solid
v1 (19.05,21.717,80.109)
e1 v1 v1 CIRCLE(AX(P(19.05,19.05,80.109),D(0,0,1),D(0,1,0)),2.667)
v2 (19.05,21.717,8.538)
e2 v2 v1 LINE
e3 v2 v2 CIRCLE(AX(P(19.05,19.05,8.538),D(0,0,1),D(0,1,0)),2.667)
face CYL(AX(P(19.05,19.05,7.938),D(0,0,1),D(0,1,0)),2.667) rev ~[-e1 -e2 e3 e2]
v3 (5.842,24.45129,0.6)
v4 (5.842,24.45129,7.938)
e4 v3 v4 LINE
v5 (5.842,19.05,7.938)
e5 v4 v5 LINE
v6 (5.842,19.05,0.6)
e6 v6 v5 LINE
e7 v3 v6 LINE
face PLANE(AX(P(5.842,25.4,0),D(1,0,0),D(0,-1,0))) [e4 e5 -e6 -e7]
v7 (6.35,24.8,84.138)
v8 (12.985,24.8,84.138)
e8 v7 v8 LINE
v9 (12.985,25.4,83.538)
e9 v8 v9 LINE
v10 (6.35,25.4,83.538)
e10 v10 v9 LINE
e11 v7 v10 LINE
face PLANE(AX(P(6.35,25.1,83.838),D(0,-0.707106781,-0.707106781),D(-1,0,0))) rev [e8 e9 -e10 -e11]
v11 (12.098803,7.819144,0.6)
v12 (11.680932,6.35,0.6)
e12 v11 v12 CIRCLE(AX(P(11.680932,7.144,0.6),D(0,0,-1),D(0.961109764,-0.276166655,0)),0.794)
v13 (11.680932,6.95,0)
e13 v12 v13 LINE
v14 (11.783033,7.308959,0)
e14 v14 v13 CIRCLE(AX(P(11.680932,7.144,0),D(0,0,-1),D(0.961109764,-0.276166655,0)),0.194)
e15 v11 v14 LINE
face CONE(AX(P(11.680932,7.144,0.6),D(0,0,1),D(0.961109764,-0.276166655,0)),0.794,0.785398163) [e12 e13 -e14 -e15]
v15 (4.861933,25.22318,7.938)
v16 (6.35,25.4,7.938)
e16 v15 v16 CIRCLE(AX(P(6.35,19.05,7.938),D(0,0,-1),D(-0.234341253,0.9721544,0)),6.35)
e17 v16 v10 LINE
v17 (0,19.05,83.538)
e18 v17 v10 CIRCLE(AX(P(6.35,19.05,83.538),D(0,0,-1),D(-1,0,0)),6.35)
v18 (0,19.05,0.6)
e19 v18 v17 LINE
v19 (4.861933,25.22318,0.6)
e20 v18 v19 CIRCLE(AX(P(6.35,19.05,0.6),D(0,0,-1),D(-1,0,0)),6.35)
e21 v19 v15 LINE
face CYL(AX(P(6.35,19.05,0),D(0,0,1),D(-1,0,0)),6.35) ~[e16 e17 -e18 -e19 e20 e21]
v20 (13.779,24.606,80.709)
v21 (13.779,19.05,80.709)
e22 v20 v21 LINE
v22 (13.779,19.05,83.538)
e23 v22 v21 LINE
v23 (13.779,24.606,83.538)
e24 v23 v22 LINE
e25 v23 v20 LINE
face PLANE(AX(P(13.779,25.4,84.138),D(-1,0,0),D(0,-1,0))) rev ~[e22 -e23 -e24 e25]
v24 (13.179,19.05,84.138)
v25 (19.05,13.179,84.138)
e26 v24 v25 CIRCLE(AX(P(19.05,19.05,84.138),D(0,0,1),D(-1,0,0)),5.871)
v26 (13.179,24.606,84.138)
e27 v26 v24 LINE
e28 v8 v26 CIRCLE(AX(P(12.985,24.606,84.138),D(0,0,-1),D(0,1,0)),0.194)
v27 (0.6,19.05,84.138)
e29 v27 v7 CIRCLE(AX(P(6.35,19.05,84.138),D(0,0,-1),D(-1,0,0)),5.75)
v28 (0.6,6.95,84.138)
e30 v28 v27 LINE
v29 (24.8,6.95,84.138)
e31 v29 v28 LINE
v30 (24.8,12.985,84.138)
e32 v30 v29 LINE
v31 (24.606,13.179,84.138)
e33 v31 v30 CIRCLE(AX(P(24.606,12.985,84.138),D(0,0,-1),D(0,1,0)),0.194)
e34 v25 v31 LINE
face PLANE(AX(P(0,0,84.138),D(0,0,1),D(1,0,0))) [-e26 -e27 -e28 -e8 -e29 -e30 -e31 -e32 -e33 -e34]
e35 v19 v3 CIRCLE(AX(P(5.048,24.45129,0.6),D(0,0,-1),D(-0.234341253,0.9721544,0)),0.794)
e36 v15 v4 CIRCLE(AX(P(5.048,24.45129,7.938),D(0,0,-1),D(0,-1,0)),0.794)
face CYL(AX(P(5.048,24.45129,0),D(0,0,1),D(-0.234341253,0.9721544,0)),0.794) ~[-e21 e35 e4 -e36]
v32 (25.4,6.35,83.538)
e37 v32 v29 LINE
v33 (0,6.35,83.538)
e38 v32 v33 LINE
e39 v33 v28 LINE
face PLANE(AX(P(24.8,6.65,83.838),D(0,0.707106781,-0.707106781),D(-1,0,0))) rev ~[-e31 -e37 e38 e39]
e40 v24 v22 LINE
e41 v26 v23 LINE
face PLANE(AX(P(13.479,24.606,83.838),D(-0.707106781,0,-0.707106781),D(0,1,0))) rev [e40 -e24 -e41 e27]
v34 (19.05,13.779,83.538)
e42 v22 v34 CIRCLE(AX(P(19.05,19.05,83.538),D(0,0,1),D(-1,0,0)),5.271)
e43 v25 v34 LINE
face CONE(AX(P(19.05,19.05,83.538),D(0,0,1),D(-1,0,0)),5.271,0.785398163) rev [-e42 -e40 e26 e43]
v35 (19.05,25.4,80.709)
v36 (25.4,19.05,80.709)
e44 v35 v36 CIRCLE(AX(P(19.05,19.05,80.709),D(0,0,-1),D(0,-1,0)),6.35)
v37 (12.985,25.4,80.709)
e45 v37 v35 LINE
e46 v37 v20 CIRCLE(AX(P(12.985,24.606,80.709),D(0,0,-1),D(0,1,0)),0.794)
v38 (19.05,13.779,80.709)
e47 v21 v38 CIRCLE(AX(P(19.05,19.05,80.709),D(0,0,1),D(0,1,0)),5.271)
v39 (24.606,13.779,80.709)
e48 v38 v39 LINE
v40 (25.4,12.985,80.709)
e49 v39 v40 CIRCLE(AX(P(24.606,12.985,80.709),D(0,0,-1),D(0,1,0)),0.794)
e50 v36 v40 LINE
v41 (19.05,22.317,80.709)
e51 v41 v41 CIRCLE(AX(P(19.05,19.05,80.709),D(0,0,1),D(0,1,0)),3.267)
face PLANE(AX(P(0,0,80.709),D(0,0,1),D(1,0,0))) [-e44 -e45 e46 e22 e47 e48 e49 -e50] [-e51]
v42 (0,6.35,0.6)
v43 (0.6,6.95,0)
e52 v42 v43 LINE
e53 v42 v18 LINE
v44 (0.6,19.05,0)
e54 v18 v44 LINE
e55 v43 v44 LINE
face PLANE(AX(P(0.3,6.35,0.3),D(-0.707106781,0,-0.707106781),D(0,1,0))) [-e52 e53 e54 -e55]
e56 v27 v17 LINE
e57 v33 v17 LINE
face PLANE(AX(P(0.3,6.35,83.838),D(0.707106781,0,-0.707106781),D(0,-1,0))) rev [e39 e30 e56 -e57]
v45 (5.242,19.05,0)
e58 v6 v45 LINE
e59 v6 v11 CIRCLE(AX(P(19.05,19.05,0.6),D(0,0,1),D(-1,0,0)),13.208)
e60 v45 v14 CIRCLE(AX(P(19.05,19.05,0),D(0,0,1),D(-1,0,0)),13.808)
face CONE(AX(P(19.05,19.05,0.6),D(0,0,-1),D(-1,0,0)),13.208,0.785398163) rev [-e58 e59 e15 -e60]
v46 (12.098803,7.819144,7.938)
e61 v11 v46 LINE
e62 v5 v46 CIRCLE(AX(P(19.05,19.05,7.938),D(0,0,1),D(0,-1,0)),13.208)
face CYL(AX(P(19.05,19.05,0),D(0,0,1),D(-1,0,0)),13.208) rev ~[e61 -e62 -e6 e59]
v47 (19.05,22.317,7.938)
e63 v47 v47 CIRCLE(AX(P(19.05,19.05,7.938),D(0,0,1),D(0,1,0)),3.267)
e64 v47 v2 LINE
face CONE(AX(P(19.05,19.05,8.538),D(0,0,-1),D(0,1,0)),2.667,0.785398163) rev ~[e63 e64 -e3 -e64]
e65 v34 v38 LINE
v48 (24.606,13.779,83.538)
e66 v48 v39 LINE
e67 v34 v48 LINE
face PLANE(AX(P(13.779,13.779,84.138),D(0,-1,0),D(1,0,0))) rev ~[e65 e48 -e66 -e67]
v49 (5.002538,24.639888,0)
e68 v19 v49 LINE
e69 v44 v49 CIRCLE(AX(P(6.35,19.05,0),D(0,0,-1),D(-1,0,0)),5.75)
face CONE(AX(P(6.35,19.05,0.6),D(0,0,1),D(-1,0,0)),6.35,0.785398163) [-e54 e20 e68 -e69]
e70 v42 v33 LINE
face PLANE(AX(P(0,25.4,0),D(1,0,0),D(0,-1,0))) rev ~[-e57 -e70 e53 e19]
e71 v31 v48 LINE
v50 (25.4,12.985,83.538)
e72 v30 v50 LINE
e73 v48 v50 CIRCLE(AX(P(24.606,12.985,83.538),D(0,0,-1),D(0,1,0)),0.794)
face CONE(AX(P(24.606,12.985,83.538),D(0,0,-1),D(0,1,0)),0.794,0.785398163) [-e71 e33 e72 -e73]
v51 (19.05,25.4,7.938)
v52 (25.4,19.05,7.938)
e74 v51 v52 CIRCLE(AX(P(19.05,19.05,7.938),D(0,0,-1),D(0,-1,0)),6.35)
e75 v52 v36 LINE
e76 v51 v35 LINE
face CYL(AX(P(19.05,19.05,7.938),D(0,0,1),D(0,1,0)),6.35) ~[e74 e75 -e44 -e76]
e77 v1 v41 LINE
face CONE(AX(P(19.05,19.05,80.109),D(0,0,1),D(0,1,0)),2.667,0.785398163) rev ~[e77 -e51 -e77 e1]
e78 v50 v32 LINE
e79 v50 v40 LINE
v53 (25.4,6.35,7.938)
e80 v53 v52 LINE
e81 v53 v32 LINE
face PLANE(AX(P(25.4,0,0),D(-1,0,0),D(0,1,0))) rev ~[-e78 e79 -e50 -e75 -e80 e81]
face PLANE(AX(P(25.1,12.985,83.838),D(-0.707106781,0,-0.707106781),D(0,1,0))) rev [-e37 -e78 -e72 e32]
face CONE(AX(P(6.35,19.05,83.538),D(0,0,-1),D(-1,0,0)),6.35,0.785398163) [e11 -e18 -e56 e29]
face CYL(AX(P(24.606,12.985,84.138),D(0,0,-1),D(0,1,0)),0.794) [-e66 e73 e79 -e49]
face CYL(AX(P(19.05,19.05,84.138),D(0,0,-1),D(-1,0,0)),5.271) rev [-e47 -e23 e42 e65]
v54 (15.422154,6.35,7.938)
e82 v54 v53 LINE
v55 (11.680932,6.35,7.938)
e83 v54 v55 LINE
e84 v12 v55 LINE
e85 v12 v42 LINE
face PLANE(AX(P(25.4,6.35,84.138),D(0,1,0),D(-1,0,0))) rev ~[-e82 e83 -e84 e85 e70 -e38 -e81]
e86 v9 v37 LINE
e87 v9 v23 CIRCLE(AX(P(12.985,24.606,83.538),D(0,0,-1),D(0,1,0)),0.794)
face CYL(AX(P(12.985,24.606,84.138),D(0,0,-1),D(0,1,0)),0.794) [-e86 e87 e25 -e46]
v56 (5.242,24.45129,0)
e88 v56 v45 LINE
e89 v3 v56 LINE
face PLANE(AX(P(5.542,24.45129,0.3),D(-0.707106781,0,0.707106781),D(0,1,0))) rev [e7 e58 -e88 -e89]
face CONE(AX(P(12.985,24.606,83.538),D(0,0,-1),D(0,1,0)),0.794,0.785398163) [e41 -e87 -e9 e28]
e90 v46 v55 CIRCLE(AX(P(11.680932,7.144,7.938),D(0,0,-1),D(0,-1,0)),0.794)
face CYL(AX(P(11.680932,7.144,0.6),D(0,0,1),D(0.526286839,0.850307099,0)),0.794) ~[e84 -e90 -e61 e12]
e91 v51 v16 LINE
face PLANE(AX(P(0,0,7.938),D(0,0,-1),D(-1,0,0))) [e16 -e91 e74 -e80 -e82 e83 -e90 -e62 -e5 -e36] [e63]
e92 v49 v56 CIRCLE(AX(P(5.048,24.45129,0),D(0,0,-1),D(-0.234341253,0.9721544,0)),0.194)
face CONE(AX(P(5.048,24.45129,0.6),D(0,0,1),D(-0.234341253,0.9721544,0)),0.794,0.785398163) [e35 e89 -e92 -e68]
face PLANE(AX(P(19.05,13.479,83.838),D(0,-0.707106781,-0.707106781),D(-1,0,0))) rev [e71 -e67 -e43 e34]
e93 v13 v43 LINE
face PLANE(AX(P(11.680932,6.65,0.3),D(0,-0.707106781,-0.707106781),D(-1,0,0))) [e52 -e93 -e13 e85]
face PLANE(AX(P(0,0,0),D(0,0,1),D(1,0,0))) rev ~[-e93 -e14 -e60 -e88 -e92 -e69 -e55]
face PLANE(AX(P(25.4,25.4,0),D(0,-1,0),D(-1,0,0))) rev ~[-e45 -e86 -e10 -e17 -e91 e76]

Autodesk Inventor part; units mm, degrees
ref_plane "YZ Plane" through (0, 0, 0) normal (1, 0, 0) x (0, 1, 0)
ref_plane "XZ Plane" through (0, 0, 0) normal (0, 1, 0) x (-1, 0, 0)
ref_plane "XY Plane" through (0, 0, 0) normal (0, 0, 1) x (1, 0, 0)
sketch "Sketch1" plane through (0, 0, 0) normal (0, 0, 1) x (1, 0, 0)
  line L0 (0, 0) -> (25.4, 0)
  line L1 (25.4, 0) -> (25.4, 25.4)
  line L2 (25.4, 25.4) -> (0, 25.4)
  line L3 (0, 25.4) -> (0, 0)
  dimension "d0" = 25.4
  dimension "d1" = 25.4
extrude "Extrusion1" add sketch "Sketch1" along normal blind 84.138
sketch "Sketch2" plane through (0, 0, 84.138) normal (0, 0, 1) x (1, 0, 0)
  line L0 (25.4, 25.4) -> (0, 25.4) projected
  line L1 (25.4, 25.4) -> (13.779, 25.4)
  line L2 (13.779, 25.4) -> (13.779, 13.779)
  line L3 (13.779, 13.779) -> (25.4, 13.779)
  line L4 (25.4, 13.779) -> (25.4, 25.4)
  point P0 (0, 0)
  dimension "d4" = 11.621
  dimension "d5" = 11.621
extrude "Extrusion2" cut sketch "Sketch2" against normal blind 3.429
sketch "Sketch3" plane through (0, 0, 0) normal (0, 0, -1) x (-1, 0, 0)
  line L0 (-25.4, 25.4) -> (-25.4, 13.779) projected
  line L1 (-25.4, 25.4) -> (-5.842, 25.4)
  line L2 (-5.842, 25.4) -> (-5.842, 5.842)
  line L3 (-5.842, 5.842) -> (-25.4, 5.842)
  line L4 (-25.4, 5.842) -> (-25.4, 25.4)
  point P0 (0, 0)
  dimension "d8" = 19.558
  dimension "d9" = 19.558
extrude "Extrusion3" cut sketch "Sketch3" against normal blind 7.938
sketch "Sketch4" plane through (0, 0, 7.938) normal (0, 0, -1) x (-1, 0, 0)
  line L0 (-25.4, 25.4) -> (-5.842, 25.4) projected
  line L1 (-25.4, 5.842) -> (-25.4, 25.4) projected
  point P0 (0, 0)
  point P1 (-19.05, 19.05)
  dimension "d12" = 6.35
  dimension "d13" = 6.35
hole "Hole1" at (19.05, 19.05, 7.938) direction (0, 0, 1) diameter 5.334 end through all clearance for "Flat Head Machine Screw (82)" size "#10" standard "Ansi Unified Screw Threads"
fillet "Fillet1" radius 6.35 4 edges at (0, 25.4, 42.069) (25.4, 25.4, 44.3235) (0, 0, 42.069) (25.4, 0, 42.069)
fillet "Fillet2" radius 0.794 4 edges at (25.3796, 5.842, 3.969) (5.842, 25.3796, 3.969) (25.4, 13.779, 82.4235) (13.779, 25.4, 82.4235)
fillet "Fillet3" radius 5.271 1 edges at (13.779, 13.779, 82.4235)
fillet "Fillet4" radius 13.208 1 edges at (5.842, 5.842, 3.969)
chamfer "Chamfer1" distance 0.6 angle 45 24 edges at (19.05, 16.383, 7.938) (9.7105, 9.7105, 0) (5.842, 21.7506, 0) (5.5393, 25.0751, 0) (1.3614, 22.9789, 0) (0, 12.7, 0) (1.8599, 1.8599, 0) (12.7, 0, 0) (22.9789, 1.3614, 0) (25.0751, 5.5393, 0) (21.7506, 5.842, 0) (19.05, 16.383, 80.709) (21.828, 13.779, 84.138) (15.3228, 15.3228, 84.138) (13.779, 21.828, 84.138) (13.5464, 25.1674, 84.138) (9.6675, 25.4, 84.138) (1.8599, 23.5401, 84.138) (0, 12.7, 84.138) (1.8599, 1.8599, 84.138) (12.7, 0, 84.138) (23.5401, 1.8599, 84.138) (25.4, 9.6675, 84.138) (25.1674, 13.5464, 84.138)
sketch "Sketch5" plane through (0, 0, 84.138) normal (0, 0, 1) x (1, 0, 0)
  line L0 (0, 0) -> (25.4, 0)
  line L1 (25.4, 0) -> (25.4, 6.35)
  line L2 (25.4, 6.35) -> (0, 6.35)
  line L3 (0, 6.35) -> (0, 0)
  dimension "d28" = 6.35
  dimension "d29" = 25.4
extrude "Extrusion4" cut sketch "Sketch5" against normal through all
fillet "Fillet5" radius 0.794 1 edges at (15.4222, 6.35, 4.269)
chamfer "Chamfer2" distance 0.6 angle 45 3 edges at (6.1405, 6.35, 0) (12.1586, 6.5098, 0) (12.7, 6.35, 84.138)
equation "\"d5\" = d4"
equation "\"d9\" = d8"
equation "\"d13\" = d12"
properties part number "Corner-001B" material "PC/ABS Plastic"
